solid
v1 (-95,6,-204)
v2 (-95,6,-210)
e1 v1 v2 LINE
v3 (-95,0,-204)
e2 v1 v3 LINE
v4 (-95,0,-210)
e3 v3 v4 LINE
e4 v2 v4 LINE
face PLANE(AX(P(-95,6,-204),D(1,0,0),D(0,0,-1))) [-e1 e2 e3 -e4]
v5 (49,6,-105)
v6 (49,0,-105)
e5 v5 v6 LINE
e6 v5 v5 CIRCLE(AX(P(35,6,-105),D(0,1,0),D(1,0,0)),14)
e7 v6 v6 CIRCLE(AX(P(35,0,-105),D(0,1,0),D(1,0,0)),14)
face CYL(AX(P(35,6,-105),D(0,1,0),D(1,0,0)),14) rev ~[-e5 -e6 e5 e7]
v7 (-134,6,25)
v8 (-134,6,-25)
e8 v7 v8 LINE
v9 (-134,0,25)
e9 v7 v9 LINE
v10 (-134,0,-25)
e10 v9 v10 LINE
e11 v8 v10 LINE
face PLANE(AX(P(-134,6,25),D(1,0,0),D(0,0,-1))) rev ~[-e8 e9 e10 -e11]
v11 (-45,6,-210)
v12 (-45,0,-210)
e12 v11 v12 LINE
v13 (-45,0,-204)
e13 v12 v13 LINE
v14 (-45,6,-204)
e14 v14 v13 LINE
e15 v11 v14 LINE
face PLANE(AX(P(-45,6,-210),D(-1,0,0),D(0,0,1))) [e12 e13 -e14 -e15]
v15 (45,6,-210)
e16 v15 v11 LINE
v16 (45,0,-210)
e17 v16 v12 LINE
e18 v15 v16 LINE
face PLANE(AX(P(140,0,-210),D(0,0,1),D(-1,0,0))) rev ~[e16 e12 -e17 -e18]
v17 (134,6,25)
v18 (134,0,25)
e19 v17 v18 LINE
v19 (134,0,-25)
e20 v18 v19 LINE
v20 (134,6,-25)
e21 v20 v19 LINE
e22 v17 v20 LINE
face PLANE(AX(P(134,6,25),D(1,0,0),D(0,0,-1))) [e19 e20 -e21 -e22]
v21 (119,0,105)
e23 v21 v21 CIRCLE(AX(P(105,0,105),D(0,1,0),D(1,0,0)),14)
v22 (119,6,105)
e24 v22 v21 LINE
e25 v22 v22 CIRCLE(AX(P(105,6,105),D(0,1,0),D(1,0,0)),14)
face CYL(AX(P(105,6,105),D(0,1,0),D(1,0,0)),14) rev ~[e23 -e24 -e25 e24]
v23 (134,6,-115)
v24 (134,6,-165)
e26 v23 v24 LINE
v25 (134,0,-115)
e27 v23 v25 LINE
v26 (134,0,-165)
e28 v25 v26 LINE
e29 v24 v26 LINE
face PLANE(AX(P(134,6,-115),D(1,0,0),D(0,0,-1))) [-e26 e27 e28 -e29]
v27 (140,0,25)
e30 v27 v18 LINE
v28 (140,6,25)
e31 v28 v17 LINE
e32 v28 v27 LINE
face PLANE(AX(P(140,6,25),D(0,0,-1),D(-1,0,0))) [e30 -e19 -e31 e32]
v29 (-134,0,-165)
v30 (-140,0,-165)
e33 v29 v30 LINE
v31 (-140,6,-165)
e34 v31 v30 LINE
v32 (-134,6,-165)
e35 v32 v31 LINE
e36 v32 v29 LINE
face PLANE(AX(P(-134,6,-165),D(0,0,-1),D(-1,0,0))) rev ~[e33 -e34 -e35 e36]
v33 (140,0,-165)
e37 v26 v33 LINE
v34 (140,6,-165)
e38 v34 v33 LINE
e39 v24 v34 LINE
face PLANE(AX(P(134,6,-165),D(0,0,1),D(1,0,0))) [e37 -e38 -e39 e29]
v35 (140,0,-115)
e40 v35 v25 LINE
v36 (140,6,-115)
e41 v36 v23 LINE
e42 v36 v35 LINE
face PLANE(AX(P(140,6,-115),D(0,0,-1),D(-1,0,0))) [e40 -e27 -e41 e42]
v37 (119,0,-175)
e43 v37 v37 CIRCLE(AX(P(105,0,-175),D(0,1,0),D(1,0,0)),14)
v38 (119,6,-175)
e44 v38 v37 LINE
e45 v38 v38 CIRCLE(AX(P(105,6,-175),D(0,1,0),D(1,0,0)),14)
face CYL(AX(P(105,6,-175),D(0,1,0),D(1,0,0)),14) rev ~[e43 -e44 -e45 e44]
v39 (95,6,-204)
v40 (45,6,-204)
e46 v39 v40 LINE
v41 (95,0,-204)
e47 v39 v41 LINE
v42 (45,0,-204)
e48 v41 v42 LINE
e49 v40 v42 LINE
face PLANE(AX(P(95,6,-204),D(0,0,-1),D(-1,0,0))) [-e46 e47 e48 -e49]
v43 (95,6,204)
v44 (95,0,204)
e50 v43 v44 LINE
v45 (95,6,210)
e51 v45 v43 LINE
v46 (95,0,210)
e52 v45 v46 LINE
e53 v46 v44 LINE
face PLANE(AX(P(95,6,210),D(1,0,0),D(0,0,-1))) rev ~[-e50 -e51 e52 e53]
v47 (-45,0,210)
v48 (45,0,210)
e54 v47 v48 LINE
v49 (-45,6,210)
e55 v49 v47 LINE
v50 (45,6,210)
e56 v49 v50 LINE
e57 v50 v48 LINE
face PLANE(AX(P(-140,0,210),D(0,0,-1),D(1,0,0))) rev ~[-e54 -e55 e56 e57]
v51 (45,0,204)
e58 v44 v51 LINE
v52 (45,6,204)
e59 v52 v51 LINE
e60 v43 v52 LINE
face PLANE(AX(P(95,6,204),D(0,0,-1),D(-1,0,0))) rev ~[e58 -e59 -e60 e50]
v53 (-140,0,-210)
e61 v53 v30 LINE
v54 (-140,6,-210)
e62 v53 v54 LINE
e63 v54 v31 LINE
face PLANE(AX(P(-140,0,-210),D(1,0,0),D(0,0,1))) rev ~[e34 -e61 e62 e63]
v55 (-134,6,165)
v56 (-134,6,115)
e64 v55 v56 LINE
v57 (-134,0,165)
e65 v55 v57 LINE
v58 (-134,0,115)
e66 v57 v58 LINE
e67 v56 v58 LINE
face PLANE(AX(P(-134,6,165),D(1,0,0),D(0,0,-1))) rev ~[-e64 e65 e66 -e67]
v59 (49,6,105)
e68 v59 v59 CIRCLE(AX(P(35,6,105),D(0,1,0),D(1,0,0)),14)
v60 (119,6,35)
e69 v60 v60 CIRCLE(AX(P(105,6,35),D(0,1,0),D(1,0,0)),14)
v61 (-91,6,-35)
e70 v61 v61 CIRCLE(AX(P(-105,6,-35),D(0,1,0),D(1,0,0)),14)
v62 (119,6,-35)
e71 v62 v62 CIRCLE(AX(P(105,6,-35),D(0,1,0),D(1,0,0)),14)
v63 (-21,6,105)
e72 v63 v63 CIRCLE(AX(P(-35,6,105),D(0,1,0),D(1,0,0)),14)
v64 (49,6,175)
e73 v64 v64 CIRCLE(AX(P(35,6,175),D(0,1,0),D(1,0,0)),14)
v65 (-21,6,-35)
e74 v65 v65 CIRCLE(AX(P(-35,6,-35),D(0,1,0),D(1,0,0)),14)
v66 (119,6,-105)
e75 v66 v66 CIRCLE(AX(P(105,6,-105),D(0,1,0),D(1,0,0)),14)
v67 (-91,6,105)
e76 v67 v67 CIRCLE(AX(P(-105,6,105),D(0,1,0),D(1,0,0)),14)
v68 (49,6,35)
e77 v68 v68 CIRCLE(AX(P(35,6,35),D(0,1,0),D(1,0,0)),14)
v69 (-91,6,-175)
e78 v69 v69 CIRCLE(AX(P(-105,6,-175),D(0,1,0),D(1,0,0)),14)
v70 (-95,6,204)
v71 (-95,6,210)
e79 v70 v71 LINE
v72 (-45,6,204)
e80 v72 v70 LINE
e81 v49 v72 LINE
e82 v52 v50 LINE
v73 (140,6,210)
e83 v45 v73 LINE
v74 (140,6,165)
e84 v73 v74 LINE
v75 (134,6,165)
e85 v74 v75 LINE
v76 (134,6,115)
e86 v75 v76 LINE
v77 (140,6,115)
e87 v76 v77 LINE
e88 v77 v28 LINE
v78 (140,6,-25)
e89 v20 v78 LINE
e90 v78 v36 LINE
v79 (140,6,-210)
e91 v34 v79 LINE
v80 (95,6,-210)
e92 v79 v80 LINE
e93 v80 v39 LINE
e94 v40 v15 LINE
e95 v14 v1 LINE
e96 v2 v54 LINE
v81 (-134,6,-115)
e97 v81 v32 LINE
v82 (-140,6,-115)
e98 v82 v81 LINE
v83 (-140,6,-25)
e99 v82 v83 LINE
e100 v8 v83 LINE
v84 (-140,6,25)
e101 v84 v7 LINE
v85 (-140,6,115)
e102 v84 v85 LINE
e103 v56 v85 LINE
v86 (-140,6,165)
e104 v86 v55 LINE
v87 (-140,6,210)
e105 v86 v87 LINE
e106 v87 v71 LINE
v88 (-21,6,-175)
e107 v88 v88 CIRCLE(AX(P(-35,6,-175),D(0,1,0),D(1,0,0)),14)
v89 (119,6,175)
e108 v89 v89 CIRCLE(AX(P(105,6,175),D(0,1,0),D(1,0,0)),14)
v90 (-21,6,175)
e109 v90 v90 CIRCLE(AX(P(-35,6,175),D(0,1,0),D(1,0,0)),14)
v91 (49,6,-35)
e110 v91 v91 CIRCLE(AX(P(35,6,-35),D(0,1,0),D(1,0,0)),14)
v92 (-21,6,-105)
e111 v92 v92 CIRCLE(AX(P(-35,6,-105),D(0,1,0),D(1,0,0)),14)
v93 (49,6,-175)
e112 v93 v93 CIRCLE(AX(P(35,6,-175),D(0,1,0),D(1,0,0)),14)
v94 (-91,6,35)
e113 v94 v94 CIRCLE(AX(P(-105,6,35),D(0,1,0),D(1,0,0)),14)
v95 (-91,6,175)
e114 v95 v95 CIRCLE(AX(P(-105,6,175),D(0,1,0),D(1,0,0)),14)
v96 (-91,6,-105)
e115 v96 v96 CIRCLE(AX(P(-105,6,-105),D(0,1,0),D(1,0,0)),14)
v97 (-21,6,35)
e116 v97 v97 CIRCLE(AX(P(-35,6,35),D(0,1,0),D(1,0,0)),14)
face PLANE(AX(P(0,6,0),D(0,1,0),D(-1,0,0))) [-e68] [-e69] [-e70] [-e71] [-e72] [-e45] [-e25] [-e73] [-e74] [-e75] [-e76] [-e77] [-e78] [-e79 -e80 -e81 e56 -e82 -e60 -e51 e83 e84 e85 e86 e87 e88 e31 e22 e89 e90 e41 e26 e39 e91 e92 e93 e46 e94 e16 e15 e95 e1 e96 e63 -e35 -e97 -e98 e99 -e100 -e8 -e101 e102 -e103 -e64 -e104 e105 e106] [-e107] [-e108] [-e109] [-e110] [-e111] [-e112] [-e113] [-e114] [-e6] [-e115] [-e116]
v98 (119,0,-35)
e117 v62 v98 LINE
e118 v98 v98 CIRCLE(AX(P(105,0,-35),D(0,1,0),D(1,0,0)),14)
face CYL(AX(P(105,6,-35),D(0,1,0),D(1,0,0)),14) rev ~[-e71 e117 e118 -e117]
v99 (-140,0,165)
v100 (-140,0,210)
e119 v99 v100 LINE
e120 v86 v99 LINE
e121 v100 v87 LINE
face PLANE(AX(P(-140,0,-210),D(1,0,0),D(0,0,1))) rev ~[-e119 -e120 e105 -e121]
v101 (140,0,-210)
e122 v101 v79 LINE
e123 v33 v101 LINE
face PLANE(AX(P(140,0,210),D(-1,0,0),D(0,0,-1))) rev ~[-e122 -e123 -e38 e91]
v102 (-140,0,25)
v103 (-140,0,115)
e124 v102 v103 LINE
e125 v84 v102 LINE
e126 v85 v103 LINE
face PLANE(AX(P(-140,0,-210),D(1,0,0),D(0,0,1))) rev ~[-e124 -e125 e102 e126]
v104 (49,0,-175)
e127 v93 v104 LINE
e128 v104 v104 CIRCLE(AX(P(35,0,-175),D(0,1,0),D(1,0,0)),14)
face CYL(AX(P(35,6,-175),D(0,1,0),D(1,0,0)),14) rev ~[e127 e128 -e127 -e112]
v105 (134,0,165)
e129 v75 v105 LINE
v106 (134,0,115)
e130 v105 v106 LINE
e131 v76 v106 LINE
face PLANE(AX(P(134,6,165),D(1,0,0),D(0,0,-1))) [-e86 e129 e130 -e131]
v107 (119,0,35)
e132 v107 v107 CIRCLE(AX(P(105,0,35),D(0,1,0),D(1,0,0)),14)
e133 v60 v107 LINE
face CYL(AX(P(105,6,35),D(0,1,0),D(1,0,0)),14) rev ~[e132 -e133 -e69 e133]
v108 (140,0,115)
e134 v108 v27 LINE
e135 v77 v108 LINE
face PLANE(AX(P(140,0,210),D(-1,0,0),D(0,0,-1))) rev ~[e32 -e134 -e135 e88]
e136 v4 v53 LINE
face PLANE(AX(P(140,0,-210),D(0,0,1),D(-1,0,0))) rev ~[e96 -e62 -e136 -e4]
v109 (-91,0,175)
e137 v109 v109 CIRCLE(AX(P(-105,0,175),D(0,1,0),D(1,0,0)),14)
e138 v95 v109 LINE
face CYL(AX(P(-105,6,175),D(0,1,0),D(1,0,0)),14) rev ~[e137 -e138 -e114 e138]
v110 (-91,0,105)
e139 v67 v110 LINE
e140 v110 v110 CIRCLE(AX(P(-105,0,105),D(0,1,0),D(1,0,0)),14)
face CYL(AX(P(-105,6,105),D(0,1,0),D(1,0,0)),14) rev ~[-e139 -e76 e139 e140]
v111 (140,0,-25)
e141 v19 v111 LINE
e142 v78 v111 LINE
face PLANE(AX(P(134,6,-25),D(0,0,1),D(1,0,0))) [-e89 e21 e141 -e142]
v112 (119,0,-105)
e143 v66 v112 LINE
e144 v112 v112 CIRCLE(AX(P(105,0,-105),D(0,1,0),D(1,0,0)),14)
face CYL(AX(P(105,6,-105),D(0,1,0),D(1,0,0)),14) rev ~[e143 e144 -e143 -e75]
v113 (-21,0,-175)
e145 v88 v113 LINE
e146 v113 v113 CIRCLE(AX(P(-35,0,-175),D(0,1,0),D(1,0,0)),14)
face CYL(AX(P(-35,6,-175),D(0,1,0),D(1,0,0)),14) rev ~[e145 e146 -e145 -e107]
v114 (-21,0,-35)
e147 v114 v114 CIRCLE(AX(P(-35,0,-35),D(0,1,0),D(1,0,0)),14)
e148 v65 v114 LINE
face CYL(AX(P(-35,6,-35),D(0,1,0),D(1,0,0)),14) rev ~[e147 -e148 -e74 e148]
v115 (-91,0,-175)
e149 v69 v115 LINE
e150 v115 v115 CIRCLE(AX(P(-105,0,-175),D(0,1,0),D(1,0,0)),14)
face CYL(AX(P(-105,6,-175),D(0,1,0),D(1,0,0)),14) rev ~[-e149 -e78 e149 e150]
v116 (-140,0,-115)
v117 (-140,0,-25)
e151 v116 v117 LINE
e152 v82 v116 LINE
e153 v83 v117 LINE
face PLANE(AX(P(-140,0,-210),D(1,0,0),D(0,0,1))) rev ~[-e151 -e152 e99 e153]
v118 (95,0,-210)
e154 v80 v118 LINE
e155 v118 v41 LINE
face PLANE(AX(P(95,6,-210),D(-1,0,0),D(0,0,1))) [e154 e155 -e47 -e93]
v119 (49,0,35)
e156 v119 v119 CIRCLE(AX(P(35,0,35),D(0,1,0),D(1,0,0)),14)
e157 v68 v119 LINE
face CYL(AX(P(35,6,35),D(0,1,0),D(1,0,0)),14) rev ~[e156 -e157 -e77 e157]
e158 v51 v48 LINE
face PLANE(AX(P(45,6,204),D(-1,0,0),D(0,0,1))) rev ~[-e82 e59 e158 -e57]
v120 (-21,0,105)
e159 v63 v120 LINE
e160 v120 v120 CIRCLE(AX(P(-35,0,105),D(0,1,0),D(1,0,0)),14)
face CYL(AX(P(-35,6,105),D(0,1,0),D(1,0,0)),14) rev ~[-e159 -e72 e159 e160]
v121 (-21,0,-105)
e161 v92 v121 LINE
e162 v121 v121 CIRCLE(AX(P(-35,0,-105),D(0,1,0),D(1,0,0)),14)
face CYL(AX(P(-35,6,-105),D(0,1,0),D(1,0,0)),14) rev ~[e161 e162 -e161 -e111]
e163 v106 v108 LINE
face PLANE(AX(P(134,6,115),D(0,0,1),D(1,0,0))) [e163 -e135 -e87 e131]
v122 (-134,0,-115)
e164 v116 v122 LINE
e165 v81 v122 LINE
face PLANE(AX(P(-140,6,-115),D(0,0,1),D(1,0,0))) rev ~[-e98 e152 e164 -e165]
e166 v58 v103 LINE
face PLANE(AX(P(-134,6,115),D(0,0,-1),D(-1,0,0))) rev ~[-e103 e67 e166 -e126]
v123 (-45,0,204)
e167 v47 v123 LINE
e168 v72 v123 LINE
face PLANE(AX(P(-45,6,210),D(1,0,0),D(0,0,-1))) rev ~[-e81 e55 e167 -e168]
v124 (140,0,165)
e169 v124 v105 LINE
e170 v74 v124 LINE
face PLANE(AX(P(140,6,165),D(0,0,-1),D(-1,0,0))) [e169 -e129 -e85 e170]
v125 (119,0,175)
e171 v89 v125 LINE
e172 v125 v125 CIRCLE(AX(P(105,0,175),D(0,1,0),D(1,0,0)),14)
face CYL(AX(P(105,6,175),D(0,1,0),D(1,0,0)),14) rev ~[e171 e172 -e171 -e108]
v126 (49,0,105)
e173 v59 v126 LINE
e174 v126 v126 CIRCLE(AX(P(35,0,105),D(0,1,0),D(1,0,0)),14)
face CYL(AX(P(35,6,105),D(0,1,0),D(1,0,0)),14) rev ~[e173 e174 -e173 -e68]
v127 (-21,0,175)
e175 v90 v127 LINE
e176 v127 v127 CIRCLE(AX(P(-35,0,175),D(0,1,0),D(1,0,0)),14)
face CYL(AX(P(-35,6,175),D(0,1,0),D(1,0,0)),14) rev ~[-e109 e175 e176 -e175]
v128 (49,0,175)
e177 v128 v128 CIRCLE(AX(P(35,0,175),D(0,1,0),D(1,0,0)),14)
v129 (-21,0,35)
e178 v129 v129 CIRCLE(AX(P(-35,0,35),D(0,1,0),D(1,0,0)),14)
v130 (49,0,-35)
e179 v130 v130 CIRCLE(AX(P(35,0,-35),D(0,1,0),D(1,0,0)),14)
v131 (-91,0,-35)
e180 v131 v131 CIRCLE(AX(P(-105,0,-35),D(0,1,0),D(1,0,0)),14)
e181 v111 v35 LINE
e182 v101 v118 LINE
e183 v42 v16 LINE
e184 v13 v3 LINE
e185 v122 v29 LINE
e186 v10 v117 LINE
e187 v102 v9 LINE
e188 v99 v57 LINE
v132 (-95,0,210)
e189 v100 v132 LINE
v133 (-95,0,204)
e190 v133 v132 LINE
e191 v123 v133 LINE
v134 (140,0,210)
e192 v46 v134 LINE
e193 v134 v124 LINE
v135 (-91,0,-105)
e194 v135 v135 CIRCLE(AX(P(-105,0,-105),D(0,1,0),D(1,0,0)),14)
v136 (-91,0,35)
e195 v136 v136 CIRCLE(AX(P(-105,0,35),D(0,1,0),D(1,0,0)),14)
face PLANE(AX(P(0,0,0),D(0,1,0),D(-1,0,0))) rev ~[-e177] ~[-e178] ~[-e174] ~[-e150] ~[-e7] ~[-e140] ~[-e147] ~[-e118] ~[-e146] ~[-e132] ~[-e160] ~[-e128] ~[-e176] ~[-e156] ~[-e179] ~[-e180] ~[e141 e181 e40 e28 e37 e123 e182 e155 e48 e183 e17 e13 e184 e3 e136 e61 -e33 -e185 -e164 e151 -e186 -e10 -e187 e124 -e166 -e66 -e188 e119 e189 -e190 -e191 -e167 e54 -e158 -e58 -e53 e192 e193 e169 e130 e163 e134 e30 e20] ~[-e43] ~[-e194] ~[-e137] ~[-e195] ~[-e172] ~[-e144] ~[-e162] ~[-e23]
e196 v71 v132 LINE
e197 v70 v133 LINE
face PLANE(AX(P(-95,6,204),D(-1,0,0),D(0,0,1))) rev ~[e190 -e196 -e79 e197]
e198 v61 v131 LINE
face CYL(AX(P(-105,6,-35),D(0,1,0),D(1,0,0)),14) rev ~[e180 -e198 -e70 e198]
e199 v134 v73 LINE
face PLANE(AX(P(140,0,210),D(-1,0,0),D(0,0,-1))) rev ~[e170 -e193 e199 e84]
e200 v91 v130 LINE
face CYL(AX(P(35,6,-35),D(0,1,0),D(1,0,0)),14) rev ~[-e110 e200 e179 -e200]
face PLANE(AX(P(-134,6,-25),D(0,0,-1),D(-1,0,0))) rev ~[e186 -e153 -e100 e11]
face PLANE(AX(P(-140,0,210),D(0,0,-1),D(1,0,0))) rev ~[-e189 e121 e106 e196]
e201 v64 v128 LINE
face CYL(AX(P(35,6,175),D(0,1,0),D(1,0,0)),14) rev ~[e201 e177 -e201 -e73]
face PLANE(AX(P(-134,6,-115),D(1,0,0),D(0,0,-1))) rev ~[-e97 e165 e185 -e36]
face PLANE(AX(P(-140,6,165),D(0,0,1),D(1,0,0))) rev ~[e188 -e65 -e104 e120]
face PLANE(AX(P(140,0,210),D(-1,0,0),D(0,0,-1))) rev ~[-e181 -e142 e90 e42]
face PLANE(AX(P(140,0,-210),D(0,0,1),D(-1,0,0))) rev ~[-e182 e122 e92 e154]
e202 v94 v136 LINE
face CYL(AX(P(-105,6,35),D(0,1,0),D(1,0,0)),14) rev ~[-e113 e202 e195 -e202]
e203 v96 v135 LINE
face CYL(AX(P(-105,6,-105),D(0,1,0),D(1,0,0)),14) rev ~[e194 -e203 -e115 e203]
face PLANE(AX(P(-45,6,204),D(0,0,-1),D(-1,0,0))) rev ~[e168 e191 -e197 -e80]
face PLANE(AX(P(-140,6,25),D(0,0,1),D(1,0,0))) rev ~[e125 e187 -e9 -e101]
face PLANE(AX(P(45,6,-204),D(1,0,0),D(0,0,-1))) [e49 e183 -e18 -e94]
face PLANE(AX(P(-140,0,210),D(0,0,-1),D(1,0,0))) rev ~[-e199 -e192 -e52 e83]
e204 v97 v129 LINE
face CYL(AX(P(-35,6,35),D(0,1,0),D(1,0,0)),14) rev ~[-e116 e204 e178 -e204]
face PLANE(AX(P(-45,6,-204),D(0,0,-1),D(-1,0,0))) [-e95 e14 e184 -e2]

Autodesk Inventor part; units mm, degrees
ref_plane "YZ Plane" through (0, 0, 0) normal (1, 0, 0) x (0, 1, 0)
ref_plane "XZ Plane" through (0, 0, 0) normal (0, 1, 0) x (-1, 0, 0)
ref_plane "XY Plane" through (0, 0, 0) normal (0, 0, 1) x (1, 0, 0)
sketch "Sketch1" plane through (0, 0, 0) normal (0, 1, 0) x (-1, 0, 0)
  line L0 (140, 210) -> (-140, 210)
  line L1 (-140, 210) -> (-140, -210)
  line L2 (-140, -210) -> (140, -210)
  line L3 (140, -210) -> (140, 210)
  line L4 (140, 210) -> (-140, -210) construction
  line L5 (-140, 210) -> (140, -210) construction
  point P0 (0, 0)
  dimension "d0" = 280
  dimension "d1" = 420
extrude "Extrusion1" add sketch "Sketch1" along normal blind 6
sketch "Sketch2" plane through (0, 6, 0) normal (0, 1, 0) x (1, 0, 0)
  circle A0 centre (105, -175) radius 14
  line L0 (-140, -210) -> (140, -210) projected
  line L1 (140, -210) -> (140, 210) projected
  point P0 (0, 0)
  dimension "d4" = 28
  dimension "d5" = 35
  dimension "d6" = 35
extrude "Extrusion2" cut sketch "Sketch2" against normal blind 6
sketch "Sketch3" plane through (0, 6, 0) normal (0, 1, 0) x (1, 0, 0)
  circle A0 centre (135, -205) radius 1.75
  line L0 (-140, -210) -> (140, -210) projected
  line L1 (140, -210) -> (140, 210) projected
  circle A1 centre (75.5, -205) radius 1.75
  circle A2 centre (135, -145.5) radius 1.75
  circle A3 centre (75.5, -145.5) radius 1.75
  point P0 (0, 0)
  dimension "d15" = 3.5
  dimension "d16" = 5
  dimension "d17" = 5
  dimension "d18" = 3.5
  dimension "d19" = 5
  dimension "d20" = 59.5
  dimension "d21" = 3.5
  dimension "d22" = 5
  dimension "d23" = 59.5
  dimension "d24" = 3.5
  dimension "d25" = 59.5
  dimension "d26" = 59.5
pattern_linear "Rectangular Pattern1" count 6 spacing 70 along (0, 0, -1) count 4 spacing 70 along (-1, 0, 0) of "Extrusion2"
sketch "Sketch4" plane through (0, 6, 0) normal (0, 1, 0) x (1, 0, 0)
  line L0 (140, -210) -> (140, 210) projected
  line L1 (140, -25) -> (134, -25)
  line L2 (134, -25) -> (134, 25)
  line L3 (134, 25) -> (140, 25)
  line L4 (140, 25) -> (140, -25)
  line L5 (0, -210) -> (0, 210) construction
  line L6 (140, -165) -> (134, -165)
  line L7 (134, -165) -> (134, -115)
  line L8 (134, -115) -> (140, -115)
  line L9 (140, -115) -> (140, -165)
  line L10 (-140, -210) -> (140, -210) projected
  line L11 (140, 115) -> (134, 115)
  line L12 (134, 115) -> (134, 165)
  line L13 (134, 165) -> (140, 165)
  line L14 (140, 165) -> (140, 115)
  line L15 (140, 210) -> (-140, 210) projected
  line L16 (-140, -25) -> (-134, -25)
  line L17 (-134, -25) -> (-134, 25)
  line L18 (-134, 25) -> (-140, 25)
  line L19 (-140, 25) -> (-140, -25)
  line L20 (-140, -165) -> (-134, -165)
  line L21 (-134, -165) -> (-134, -115)
  line L22 (-134, -115) -> (-140, -115)
  line L23 (-140, -115) -> (-140, -165)
  line L24 (-140, 115) -> (-134, 115)
  line L25 (-134, 115) -> (-134, 165)
  line L26 (-134, 165) -> (-140, 165)
  line L27 (-140, 165) -> (-140, 115)
  line L28 (-95, -210) -> (-45, -210)
  line L29 (-45, -210) -> (-45, -204)
  line L30 (-45, -204) -> (-95, -204)
  line L31 (-95, -204) -> (-95, -210)
  line L32 (-140, 210) -> (-140, -210) projected
  line L33 (45, -210) -> (95, -210)
  line L34 (95, -210) -> (95, -204)
  line L35 (95, -204) -> (45, -204)
  line L36 (45, -204) -> (45, -210)
  line L37 (-140, 0) -> (140, 0) construction
  line L38 (-95, 210) -> (-45, 210)
  line L39 (-45, 210) -> (-45, 204)
  line L40 (-45, 204) -> (-95, 204)
  line L41 (-95, 204) -> (-95, 210)
  line L42 (45, 210) -> (95, 210)
  line L43 (95, 210) -> (95, 204)
  line L44 (95, 204) -> (45, 204)
  line L45 (45, 204) -> (45, 210)
  point P0 (0, 0)
  dimension "d35" = 6
  dimension "d36" = 50
  dimension "d37" = 6
  dimension "d38" = 50
  dimension "d39" = 45
  dimension "d40" = 6
  dimension "d41" = 50
  dimension "d42" = 45
  dimension "d43" = 50
  dimension "d44" = 6
  dimension "d45" = 45
  dimension "d46" = 50
  dimension "d47" = 6
  dimension "d48" = 45
extrude "Extrusion4" cut sketch "Sketch4" against normal blind 6 contours L6 L7 L8 L0 | L10 L36 L35 L34 | L1 L2 L3 L0 | L10 L31 L30 L29 | L11 L12 L13 L0 | L23 L22 L21 L20 | L43 L44 L45 L15 | L19 L18 L17 L16 | L39 L40 L41 L15 | L27 L26 L25 L24
equation "\"d17\" = d16"
equation "\"d19\" = d16"
equation "\"d22\" = d16"
equation "\"d23\" = d20"
equation "\"d25\" = d20"
equation "\"d26\" = d20"
properties part number "Base_modulos"
